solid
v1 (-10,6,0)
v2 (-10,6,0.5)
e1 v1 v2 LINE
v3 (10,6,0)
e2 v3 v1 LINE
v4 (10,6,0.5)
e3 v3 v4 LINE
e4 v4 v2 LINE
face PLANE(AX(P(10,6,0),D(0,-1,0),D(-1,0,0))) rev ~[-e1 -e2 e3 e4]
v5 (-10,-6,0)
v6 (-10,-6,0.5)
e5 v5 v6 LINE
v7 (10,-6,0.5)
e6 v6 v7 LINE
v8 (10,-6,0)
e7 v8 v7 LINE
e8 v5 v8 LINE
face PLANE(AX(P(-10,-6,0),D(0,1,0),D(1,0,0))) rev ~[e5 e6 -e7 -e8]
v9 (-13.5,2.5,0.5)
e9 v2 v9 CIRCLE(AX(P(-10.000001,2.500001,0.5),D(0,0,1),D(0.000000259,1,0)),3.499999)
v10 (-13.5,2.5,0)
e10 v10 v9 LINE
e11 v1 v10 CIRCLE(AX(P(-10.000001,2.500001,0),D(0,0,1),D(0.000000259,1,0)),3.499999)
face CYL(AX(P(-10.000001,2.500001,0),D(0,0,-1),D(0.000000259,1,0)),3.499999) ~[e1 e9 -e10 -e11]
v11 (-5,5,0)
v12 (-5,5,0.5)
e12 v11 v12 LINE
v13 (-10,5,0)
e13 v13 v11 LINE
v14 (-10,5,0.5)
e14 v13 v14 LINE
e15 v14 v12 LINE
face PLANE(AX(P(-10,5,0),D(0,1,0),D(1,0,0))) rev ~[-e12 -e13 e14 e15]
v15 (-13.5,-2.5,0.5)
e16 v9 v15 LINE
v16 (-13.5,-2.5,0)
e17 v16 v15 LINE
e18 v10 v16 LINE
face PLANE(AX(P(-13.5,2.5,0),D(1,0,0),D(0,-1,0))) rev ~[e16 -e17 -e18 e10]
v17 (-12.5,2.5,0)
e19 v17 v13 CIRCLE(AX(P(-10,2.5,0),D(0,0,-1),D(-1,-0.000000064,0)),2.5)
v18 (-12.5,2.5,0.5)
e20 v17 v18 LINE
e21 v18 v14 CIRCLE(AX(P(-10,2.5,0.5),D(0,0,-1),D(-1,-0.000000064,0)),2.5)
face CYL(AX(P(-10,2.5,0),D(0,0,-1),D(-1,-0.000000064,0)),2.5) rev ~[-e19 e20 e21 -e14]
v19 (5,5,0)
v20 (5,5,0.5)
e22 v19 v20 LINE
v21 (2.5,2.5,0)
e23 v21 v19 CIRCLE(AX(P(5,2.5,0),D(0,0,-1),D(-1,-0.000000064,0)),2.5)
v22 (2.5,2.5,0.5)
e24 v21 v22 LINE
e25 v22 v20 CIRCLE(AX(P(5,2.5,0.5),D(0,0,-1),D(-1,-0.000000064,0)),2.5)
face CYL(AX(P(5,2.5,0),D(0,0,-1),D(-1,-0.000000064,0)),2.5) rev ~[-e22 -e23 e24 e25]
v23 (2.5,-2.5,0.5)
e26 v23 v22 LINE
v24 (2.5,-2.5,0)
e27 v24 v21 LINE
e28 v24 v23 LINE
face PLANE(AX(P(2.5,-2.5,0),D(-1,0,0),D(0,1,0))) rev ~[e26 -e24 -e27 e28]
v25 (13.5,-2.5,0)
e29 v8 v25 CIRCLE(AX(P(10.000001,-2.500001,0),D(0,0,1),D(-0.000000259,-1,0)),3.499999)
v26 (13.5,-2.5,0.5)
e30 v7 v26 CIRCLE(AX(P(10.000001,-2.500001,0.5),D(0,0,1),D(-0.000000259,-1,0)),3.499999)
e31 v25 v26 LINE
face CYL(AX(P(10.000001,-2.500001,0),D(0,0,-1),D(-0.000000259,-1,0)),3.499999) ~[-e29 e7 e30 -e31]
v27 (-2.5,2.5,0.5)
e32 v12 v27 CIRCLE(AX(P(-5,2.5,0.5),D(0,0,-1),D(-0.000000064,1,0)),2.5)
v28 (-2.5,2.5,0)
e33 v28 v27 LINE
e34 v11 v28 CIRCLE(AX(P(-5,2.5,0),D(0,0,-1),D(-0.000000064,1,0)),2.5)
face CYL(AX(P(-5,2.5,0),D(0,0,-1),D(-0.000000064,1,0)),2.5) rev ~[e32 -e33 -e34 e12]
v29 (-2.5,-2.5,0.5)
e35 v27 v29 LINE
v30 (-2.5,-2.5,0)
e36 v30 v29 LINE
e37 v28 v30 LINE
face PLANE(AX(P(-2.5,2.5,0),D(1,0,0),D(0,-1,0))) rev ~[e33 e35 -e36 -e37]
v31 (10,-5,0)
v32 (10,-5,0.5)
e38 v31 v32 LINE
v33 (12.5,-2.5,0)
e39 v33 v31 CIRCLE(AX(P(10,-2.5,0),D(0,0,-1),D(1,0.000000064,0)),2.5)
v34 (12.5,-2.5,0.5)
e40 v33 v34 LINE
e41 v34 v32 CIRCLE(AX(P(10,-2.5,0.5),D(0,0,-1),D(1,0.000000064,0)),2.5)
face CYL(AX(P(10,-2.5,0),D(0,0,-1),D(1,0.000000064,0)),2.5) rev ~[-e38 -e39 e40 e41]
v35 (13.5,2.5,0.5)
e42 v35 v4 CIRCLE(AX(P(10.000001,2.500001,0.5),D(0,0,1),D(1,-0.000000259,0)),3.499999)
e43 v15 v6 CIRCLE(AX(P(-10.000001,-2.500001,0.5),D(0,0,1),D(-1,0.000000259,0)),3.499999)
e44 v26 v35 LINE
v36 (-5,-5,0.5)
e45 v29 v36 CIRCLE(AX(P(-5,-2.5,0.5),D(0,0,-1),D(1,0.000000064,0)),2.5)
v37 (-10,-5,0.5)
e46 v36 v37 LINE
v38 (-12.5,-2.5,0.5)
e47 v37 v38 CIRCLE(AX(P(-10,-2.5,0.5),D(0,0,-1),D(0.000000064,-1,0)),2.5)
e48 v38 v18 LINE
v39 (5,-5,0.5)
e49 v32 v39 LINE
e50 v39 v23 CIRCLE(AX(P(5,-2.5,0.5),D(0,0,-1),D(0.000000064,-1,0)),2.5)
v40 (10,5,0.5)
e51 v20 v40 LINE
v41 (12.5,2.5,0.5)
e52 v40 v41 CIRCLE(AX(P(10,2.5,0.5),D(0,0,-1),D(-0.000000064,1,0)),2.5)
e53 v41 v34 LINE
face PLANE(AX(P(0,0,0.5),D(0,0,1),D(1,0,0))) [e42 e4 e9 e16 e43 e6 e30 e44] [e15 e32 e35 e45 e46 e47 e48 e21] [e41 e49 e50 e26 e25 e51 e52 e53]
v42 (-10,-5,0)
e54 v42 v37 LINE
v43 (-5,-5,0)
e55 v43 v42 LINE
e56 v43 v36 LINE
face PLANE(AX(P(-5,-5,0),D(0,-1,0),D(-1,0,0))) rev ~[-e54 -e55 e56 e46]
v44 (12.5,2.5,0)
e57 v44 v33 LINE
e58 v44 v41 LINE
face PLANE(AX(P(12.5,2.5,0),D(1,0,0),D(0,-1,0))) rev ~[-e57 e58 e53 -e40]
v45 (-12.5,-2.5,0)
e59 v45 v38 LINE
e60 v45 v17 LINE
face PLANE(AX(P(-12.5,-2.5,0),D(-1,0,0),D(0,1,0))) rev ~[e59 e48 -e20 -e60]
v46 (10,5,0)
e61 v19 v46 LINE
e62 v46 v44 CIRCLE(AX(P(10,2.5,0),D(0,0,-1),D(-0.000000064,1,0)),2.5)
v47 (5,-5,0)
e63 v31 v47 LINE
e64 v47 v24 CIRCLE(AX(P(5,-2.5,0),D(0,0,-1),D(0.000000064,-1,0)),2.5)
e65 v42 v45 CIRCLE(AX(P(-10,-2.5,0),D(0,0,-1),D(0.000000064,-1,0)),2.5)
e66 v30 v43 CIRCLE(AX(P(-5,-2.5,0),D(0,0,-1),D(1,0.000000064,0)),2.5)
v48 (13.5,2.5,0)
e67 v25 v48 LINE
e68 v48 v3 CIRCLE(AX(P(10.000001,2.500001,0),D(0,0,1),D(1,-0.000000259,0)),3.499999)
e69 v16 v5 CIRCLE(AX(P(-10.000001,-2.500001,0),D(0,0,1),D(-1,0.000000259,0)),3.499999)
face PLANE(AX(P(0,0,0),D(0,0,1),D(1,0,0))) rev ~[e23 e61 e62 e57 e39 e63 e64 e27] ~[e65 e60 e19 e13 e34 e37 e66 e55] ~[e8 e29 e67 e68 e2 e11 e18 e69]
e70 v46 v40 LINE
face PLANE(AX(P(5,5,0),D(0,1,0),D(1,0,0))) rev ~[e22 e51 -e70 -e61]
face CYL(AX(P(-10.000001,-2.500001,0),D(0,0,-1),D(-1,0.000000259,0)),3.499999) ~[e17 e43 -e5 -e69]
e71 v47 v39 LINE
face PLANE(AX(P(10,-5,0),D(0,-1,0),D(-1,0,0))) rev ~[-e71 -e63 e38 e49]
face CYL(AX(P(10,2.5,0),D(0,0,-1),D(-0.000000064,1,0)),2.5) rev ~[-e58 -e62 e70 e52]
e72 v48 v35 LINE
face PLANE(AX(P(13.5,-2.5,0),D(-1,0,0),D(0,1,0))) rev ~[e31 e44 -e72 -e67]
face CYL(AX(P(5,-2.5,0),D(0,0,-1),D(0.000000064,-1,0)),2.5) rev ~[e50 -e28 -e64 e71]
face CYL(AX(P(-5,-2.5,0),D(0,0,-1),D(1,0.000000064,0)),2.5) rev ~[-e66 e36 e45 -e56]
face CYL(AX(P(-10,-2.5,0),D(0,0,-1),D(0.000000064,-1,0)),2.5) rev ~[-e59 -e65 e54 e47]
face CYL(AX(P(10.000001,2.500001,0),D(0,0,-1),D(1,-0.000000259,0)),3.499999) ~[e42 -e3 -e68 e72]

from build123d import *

# Parameters (mm, degrees)
F1_DEPTH = 0.5


with BuildPart() as f1:
    # F0 (on Top) → F1 (new body)
    with BuildSketch(Plane.XY):
        with BuildLine():
            Line((-13.5, 2.5), (-13.5, 0))
            Line((-13.5, 0), (-13.5, -2.5))
            ThreePointArc((-13.5, -2.5), (-12.474874, -4.974874), (-10, -6))
            Line((-10, -6), (10, -6))
            ThreePointArc((10, -6), (12.474874, -4.974874), (13.5, -2.5))
            Line((13.5, -2.5), (13.5, 2.5))
            ThreePointArc((13.5, 2.5), (12.474874, 4.974874), (10, 6))
            Line((10, 6), (-10, 6))
            ThreePointArc((-10, 6), (-12.474874, 4.974874), (-13.5, 2.5))
        make_face()
        with BuildLine():
            Line((-2.5, 2.5), (-2.5, 0))
            Line((-2.5, 0), (-2.5, -2.5))
            ThreePointArc((-2.5, -2.5), (-3.232233, -4.267767), (-5, -5))
            Line((-5, -5), (-10, -5))
            ThreePointArc((-10, -5), (-11.767767, -4.267767), (-12.5, -2.5))
            Line((-12.5, -2.5), (-12.5, 0))
            Line((-12.5, 0), (-12.5, 2.5))
            ThreePointArc((-12.5, 2.5), (-11.767767, 4.267767), (-10, 5))
            Line((-10, 5), (-5, 5))
            ThreePointArc((-5, 5), (-3.232233, 4.267767), (-2.5, 2.5))
        make_face(mode=Mode.SUBTRACT)
        with BuildLine():
            Line((2.5, -2.5), (2.5, 0))
            Line((2.5, 0), (2.5, 2.5))
            ThreePointArc((2.5, 2.5), (3.232233, 4.267767), (5, 5))
            Line((5, 5), (10, 5))
            ThreePointArc((10, 5), (11.767767, 4.267767), (12.5, 2.5))
            Line((12.5, 2.5), (12.5, -2.5))
            ThreePointArc((12.5, -2.5), (11.767767, -4.267767), (10, -5))
            Line((10, -5), (5, -5))
            ThreePointArc((5, -5), (3.232233, -4.267767), (2.5, -2.5))
        make_face(mode=Mode.SUBTRACT)
    extrude(amount=F1_DEPTH)


solid = f1.part
